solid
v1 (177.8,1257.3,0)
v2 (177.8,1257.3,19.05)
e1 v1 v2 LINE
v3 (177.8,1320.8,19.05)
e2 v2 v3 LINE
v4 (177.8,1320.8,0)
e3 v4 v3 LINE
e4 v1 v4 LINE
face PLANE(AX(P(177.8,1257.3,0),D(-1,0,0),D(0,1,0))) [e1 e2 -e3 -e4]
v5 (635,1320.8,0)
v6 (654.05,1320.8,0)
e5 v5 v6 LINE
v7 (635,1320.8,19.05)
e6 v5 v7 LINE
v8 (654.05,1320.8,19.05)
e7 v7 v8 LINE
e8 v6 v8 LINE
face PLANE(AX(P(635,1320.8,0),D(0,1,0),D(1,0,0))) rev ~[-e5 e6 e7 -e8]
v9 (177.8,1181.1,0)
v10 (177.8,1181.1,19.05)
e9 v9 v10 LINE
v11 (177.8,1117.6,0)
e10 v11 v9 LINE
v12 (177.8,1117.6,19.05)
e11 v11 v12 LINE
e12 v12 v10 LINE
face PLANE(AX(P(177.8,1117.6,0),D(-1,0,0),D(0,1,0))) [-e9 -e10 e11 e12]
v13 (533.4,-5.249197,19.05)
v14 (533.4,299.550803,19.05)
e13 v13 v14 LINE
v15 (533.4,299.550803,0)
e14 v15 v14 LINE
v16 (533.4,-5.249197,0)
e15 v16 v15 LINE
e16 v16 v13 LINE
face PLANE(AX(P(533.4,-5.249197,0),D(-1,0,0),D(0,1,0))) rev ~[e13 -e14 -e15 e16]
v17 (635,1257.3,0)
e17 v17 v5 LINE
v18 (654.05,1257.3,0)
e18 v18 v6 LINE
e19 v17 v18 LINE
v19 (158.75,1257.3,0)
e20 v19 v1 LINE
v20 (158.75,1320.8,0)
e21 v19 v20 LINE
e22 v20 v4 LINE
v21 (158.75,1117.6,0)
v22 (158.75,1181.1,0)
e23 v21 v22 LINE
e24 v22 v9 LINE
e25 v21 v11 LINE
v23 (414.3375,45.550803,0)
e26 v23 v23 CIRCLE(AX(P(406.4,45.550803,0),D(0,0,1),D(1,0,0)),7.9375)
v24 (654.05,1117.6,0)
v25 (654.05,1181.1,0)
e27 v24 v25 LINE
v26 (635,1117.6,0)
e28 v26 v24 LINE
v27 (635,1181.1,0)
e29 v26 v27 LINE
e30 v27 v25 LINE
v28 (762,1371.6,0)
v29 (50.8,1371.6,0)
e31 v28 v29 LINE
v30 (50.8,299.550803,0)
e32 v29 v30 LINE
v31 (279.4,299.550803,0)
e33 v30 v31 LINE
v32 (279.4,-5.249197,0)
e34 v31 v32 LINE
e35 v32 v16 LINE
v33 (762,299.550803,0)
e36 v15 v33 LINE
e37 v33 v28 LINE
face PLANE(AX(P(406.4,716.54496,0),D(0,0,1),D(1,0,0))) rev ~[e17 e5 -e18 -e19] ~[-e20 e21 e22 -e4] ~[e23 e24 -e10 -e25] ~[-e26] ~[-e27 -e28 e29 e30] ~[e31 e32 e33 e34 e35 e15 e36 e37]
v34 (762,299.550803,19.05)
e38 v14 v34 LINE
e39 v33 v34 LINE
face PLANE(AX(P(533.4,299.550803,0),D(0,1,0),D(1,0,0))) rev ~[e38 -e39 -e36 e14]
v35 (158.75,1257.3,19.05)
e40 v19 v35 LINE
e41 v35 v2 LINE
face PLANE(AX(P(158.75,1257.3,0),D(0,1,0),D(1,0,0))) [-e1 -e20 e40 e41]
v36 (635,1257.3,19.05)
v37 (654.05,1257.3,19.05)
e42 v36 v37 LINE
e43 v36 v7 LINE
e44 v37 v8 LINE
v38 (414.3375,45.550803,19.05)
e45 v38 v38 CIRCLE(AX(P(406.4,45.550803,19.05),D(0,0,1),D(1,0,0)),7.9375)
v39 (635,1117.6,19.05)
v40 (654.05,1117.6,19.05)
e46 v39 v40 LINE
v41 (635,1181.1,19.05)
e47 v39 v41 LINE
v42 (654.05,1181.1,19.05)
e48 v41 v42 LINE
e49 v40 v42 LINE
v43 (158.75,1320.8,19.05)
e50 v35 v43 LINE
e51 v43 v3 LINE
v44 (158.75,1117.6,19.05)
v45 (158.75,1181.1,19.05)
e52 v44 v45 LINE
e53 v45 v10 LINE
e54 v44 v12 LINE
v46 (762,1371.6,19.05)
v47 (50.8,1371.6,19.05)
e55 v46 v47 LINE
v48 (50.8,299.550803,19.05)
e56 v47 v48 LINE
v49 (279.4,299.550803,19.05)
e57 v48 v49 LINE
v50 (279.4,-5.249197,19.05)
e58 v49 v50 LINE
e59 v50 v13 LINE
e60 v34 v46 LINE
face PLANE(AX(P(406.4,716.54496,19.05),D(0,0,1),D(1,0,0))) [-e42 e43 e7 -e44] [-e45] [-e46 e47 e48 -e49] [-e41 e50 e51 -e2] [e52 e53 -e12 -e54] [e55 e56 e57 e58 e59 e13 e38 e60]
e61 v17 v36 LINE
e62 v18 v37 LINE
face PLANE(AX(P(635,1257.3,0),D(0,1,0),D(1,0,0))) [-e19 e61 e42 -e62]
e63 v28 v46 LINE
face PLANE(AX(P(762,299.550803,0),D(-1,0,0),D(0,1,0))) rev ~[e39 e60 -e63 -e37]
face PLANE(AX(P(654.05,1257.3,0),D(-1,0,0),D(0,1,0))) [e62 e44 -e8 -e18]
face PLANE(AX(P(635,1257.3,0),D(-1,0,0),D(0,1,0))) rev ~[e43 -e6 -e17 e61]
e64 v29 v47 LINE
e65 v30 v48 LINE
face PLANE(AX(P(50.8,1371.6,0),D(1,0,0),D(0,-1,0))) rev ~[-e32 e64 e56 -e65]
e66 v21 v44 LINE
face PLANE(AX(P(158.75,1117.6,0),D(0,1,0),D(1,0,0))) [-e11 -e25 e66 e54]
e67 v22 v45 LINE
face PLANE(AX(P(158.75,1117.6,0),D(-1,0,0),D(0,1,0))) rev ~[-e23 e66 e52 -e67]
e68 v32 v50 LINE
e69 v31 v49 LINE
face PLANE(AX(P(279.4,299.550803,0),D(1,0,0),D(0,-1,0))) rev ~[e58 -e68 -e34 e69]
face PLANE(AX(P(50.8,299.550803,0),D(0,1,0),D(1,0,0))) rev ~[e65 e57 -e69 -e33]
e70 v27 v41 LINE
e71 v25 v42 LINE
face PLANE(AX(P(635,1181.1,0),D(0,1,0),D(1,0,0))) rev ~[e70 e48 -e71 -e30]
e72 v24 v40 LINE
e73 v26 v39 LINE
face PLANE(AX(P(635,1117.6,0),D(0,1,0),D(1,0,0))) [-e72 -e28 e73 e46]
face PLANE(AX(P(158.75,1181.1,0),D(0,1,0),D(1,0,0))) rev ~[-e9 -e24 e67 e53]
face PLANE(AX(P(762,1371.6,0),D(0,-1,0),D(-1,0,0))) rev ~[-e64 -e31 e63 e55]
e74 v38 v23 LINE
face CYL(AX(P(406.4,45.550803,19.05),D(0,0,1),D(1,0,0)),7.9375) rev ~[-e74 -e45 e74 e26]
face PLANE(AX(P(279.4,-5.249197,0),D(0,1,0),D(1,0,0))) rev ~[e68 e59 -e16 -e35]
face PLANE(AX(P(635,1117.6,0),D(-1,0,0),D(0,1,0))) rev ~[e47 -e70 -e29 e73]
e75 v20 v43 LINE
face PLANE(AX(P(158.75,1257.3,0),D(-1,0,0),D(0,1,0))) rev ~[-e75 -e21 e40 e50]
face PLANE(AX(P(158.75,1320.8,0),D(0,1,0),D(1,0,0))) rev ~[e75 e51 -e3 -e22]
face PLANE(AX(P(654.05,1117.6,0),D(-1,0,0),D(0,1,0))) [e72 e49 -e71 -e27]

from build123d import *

# Parameters (mm, degrees)
F0_W     = 19.05
F0_H     = 63.5
F1_DEPTH = 19.05
F2_R     = 7.9375
F3_DEPTH = 19.05


with BuildPart() as f1:
    # F0 (on Top) → F1 (new body)
    with BuildSketch(Plane.XY):
        Polygon((762, 1371.6), (50.8, 1371.6), (50.8, 299.550803), (279.4, 299.550803), (279.4, 197.950803), (279.4, -5.249197), (533.4, -5.249197), (533.4, 197.950803), (533.4, 299.550803), (762, 299.550803), align=None)
        with Locations((168.275, 1149.35)):
            Rectangle(F0_W, F0_H, mode=Mode.SUBTRACT)
        with Locations((168.275, 1289.05)):
            Rectangle(F0_W, F0_H, mode=Mode.SUBTRACT)
        with Locations((644.525, 1149.35)):
            Rectangle(F0_W, F0_H, mode=Mode.SUBTRACT)
        with Locations((644.525, 1289.05)):
            Rectangle(F0_W, F0_H, mode=Mode.SUBTRACT)
    extrude(amount=F1_DEPTH)

    # F2 (on face) → F3 (cut, through all)
    with BuildSketch(Plane.XY.offset(19.05)):
        with Locations((406.4, 45.550803)):
            Circle(F2_R)
    extrude(amount=-F3_DEPTH, mode=Mode.SUBTRACT)


solid = f1.part
